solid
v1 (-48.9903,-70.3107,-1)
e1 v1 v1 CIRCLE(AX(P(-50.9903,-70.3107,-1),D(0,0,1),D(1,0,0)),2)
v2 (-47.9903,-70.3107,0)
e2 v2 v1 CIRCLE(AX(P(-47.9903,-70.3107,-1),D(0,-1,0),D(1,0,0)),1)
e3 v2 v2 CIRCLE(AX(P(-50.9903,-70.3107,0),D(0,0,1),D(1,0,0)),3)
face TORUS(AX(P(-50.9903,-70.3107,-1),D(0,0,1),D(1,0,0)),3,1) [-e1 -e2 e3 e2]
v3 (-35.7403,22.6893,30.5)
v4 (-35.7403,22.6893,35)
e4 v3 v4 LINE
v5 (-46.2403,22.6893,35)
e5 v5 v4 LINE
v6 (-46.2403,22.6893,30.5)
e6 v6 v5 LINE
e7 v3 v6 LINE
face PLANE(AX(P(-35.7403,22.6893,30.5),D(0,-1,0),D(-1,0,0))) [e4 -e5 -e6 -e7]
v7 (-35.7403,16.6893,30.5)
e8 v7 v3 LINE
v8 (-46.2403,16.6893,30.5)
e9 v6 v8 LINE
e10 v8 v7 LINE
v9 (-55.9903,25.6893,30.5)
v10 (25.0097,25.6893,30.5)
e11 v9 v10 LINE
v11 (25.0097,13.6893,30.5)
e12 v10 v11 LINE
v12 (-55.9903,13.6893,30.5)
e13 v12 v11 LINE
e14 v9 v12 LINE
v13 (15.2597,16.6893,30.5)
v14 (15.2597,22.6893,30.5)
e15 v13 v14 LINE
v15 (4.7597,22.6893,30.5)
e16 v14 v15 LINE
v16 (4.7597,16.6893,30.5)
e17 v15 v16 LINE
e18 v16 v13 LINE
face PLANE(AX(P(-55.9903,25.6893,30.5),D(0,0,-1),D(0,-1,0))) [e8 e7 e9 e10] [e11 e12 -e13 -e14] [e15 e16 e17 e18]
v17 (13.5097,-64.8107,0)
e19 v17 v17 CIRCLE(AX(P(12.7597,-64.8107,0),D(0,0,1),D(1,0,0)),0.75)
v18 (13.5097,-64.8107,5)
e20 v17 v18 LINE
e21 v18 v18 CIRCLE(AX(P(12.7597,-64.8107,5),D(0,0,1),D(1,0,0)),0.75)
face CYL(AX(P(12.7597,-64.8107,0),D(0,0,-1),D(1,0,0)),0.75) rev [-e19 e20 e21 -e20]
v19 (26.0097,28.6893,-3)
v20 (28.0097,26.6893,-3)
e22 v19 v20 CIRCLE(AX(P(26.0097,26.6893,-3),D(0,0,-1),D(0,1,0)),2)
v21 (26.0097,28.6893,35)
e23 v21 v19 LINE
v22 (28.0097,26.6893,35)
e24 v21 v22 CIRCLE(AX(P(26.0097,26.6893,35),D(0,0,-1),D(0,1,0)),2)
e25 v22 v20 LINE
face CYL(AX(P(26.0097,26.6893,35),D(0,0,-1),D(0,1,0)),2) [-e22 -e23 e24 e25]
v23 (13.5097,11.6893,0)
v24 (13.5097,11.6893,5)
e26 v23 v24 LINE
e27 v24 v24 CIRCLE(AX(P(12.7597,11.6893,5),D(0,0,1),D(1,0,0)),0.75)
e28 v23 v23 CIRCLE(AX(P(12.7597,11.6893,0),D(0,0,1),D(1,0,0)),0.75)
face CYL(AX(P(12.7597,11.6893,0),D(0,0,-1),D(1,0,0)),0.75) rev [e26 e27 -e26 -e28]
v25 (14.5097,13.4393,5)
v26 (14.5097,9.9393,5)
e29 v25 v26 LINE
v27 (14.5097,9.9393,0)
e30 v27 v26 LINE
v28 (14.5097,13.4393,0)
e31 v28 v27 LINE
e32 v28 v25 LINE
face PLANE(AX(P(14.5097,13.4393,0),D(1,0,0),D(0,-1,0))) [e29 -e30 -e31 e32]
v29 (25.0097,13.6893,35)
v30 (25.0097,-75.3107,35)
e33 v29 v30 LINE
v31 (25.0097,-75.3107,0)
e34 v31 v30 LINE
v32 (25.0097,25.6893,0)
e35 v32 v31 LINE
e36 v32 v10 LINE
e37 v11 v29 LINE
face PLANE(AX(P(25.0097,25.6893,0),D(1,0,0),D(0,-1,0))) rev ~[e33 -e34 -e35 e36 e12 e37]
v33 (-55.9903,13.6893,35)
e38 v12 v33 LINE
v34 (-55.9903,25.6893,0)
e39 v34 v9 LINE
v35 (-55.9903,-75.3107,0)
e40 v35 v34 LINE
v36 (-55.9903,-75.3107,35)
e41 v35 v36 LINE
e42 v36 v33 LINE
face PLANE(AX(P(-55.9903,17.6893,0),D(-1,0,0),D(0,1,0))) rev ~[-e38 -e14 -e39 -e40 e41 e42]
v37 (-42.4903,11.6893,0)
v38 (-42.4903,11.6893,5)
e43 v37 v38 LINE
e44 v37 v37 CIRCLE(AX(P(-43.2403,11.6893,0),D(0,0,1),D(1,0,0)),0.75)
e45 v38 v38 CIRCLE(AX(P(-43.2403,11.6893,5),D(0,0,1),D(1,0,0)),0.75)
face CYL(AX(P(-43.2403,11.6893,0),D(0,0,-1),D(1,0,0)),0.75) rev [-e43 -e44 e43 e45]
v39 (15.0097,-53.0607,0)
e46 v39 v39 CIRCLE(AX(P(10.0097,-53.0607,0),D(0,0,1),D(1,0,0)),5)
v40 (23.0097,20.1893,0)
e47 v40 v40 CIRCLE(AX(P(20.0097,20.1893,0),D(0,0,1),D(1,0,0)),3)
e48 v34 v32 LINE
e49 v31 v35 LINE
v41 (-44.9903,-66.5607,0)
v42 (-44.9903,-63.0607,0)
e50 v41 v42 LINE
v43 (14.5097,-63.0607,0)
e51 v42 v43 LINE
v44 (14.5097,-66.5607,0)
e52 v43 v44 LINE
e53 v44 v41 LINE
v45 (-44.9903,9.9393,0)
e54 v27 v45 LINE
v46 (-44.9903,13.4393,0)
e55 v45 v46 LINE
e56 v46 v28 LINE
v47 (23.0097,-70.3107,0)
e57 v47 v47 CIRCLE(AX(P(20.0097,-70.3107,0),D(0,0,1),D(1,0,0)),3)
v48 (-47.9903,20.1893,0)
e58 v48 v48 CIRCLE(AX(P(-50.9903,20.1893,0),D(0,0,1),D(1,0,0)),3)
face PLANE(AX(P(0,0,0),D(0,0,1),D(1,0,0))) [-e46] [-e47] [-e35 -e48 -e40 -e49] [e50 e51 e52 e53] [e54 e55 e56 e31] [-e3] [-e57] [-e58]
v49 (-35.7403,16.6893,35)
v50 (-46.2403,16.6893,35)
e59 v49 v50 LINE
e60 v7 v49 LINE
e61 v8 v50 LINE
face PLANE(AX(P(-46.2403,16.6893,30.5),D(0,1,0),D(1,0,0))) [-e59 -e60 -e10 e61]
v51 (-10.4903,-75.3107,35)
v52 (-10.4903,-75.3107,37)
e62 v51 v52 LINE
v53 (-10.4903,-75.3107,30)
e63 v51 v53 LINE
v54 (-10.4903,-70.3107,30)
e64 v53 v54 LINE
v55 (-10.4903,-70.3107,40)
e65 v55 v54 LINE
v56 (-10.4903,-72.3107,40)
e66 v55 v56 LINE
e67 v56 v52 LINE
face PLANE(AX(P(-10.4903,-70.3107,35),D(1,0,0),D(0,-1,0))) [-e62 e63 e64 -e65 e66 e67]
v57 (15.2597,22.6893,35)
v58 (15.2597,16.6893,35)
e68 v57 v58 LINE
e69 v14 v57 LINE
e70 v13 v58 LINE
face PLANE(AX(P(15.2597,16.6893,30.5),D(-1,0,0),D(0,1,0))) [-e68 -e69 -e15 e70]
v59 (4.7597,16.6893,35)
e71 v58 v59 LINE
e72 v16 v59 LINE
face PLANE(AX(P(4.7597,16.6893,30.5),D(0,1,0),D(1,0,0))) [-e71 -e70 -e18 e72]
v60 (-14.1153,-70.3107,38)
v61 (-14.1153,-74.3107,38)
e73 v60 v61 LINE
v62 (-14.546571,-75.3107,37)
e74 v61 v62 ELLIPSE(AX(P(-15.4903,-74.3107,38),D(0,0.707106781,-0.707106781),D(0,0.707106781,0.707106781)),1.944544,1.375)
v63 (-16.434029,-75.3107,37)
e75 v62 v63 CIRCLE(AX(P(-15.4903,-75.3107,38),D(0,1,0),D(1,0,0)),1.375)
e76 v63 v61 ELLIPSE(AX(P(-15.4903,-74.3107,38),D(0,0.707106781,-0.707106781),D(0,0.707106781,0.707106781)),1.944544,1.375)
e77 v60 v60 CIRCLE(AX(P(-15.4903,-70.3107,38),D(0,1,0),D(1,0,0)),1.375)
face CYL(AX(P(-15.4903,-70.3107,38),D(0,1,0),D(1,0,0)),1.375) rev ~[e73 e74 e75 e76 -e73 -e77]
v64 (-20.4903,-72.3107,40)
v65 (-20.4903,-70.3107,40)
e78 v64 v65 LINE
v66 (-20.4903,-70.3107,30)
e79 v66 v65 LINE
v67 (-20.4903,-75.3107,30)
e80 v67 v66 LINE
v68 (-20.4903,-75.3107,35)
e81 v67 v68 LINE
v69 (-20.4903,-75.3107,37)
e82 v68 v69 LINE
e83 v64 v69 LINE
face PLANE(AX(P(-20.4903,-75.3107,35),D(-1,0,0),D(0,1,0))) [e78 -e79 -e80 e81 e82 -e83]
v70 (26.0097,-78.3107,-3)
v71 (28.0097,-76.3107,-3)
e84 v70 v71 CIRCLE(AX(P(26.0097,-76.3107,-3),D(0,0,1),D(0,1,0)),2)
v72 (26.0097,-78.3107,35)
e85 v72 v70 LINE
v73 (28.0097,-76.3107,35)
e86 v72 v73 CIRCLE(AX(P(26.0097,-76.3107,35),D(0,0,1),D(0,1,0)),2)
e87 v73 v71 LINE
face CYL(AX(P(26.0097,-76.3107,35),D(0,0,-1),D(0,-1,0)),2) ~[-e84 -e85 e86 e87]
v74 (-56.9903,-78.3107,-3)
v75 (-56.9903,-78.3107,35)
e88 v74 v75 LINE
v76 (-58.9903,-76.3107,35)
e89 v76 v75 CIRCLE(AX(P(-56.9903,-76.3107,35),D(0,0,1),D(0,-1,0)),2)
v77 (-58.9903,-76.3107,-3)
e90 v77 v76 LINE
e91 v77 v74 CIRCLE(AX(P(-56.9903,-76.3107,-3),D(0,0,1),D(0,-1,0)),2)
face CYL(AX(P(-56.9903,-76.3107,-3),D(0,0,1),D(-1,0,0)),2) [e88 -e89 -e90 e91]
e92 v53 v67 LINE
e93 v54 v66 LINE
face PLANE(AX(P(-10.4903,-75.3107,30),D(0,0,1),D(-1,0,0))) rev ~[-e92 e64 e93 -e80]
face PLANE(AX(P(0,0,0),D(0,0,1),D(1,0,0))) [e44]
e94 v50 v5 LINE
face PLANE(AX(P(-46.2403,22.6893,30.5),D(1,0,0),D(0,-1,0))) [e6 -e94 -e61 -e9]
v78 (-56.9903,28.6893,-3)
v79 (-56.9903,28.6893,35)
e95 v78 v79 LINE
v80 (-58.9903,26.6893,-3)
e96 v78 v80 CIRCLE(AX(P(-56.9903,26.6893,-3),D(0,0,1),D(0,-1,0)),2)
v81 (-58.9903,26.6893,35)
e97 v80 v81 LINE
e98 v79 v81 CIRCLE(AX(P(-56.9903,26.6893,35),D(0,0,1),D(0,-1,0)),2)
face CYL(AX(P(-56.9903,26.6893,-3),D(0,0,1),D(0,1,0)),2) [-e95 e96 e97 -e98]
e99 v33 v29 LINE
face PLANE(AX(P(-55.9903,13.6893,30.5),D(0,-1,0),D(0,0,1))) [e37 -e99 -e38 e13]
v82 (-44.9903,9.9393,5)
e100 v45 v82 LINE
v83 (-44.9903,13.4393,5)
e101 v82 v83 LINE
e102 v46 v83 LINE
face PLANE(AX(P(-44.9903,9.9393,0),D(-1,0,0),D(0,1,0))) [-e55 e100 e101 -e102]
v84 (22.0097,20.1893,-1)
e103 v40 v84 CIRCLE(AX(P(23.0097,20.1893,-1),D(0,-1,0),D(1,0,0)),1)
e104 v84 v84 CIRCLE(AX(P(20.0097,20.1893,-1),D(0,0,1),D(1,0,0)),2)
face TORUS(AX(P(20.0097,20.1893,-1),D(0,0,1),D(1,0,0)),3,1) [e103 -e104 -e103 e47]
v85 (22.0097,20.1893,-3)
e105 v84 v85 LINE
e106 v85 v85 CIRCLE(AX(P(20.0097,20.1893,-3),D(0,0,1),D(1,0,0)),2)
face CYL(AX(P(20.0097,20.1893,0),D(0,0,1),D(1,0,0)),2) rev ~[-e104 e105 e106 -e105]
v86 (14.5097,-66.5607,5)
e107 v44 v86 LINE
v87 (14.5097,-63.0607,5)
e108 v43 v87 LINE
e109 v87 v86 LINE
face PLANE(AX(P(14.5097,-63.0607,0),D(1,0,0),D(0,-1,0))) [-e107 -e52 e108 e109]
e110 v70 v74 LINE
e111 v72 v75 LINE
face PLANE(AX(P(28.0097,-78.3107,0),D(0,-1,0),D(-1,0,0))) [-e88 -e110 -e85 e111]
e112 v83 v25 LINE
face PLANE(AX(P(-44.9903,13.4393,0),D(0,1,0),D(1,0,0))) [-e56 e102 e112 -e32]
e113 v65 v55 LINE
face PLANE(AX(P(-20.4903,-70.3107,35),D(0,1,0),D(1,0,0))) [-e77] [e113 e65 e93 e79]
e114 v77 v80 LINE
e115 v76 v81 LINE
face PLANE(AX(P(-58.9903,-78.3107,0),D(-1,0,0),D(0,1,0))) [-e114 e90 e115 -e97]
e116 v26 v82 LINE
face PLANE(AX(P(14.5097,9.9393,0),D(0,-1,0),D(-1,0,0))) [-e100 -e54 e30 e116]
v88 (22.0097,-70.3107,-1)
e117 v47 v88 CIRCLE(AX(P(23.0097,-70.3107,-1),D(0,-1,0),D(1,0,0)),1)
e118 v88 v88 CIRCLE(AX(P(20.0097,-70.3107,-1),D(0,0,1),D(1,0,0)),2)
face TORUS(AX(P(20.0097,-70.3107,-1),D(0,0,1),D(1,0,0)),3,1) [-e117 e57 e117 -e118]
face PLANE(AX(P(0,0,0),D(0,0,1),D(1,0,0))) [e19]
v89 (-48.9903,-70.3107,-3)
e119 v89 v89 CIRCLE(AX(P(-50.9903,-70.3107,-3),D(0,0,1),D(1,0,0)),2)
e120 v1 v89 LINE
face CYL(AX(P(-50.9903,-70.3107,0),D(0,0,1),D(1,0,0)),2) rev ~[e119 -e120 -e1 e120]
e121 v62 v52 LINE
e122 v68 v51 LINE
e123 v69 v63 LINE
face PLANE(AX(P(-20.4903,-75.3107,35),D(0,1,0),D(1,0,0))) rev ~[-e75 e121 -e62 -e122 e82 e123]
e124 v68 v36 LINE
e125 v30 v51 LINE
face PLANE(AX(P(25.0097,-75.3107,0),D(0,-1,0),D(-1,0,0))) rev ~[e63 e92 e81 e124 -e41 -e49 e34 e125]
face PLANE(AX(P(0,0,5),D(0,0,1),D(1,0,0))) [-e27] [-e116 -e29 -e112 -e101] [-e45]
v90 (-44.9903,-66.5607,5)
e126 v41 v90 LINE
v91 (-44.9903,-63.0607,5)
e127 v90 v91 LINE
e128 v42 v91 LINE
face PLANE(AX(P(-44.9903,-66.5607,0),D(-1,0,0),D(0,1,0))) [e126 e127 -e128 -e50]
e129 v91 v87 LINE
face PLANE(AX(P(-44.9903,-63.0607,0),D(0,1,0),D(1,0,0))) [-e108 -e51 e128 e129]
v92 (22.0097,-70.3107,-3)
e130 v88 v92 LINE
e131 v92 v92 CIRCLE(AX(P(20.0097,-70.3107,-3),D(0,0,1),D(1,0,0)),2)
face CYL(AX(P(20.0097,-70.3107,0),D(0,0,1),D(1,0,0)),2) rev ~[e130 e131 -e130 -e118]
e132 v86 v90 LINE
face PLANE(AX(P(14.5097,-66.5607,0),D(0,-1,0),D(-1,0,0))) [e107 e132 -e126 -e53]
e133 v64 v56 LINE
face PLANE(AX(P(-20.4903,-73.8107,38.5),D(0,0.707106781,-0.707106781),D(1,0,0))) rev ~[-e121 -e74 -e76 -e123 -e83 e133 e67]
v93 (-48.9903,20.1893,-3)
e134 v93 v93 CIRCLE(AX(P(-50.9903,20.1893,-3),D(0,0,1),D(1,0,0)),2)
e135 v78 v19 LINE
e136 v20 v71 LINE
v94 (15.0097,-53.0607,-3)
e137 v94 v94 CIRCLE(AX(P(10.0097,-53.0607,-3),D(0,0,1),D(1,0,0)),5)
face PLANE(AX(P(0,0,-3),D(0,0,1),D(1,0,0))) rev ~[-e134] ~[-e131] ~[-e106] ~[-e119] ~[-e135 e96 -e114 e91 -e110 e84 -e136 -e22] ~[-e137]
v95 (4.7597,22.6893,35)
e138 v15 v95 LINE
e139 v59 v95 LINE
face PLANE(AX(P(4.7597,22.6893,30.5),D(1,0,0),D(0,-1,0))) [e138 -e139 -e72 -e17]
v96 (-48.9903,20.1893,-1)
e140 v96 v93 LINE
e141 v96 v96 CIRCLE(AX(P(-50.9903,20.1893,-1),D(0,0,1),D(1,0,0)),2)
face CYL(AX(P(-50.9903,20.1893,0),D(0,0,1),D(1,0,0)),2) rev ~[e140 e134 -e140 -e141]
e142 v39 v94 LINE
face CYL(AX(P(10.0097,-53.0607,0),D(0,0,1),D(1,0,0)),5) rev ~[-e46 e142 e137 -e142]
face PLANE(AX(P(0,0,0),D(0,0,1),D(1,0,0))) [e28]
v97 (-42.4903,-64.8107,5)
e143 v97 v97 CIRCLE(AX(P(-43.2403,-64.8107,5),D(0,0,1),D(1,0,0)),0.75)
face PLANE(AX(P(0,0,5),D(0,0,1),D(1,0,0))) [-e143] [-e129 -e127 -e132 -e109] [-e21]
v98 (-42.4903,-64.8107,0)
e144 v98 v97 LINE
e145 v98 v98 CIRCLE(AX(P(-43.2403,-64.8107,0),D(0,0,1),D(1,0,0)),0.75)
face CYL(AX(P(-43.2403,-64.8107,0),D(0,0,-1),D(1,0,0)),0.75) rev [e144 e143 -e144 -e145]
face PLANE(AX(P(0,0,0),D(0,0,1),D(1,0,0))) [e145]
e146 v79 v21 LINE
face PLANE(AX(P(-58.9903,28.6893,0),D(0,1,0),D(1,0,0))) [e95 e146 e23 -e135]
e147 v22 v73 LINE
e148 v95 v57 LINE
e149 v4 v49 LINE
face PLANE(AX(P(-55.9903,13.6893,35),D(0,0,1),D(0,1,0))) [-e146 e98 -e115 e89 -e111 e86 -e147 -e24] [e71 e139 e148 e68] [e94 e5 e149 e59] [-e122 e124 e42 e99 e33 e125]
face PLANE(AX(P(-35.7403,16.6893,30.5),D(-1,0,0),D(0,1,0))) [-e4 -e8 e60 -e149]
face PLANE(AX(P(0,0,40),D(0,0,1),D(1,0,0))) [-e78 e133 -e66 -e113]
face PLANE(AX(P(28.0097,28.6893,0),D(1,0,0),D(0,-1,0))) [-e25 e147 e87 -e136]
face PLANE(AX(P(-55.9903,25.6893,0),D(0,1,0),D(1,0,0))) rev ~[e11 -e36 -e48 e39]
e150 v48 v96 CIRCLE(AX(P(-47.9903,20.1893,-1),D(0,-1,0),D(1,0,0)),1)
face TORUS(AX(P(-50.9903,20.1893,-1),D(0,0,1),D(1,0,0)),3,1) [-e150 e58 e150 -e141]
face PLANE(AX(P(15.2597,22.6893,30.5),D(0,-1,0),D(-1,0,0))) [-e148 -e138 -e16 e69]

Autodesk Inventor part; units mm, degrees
ref_plane "YZ Plane" through (0, 0, 0) normal (1, 0, 0) x (0, 1, 0)
ref_plane "XZ Plane" through (0, 0, 0) normal (0, 1, 0) x (-1, 0, 0)
ref_plane "XY Plane" through (0, 0, 0) normal (0, 0, 1) x (1, 0, 0)
sketch "Sketch1" plane through (0, 0, 0) normal (0, 0, 1) x (1, 0, 0)
  line L0 (25.0097, 21.6893) -> (25.0097, -75.3107)
  line L1 (-44.9903, 13.4393) -> (14.5097, 13.4393)
  line L2 (14.5097, 13.4393) -> (14.5097, -66.5607)
  line L3 (14.5097, -66.5607) -> (-44.9903, -66.5607)
  line L4 (-44.9903, -66.5607) -> (-44.9903, 13.4393)
  circle A0 centre (12.7597, 11.6893) radius 0.75
  circle A1 centre (-43.2403, 11.6893) radius 0.75
  circle A2 centre (-43.2403, -64.8107) radius 0.75
  circle A3 centre (12.7597, -64.8107) radius 0.75
  line L5 (-44.9903, 13.4393) -> (14.5097, 13.4393)
  line L6 (14.5097, 13.4393) -> (14.5097, 9.9393)
  line L7 (14.5097, 9.9393) -> (-44.9903, 9.9393)
  line L8 (-44.9903, 9.9393) -> (-44.9903, 13.4393)
  line L9 (14.5097, -66.5607) -> (-44.9903, -66.5607)
  line L10 (-44.9903, -66.5607) -> (-44.9903, -63.0607)
  line L11 (-44.9903, -63.0607) -> (14.5097, -63.0607)
  line L12 (14.5097, -63.0607) -> (14.5097, -66.5607)
  circle A4 centre (-50.9903, 20.1893) radius 2
  circle A5 centre (20.0097, 20.1893) radius 2
  circle A6 centre (20.0097, -70.3107) radius 2
  circle A7 centre (-50.9903, -70.3107) radius 2
  line L13 (-55.9903, 25.6893) -> (25.0097, 25.6893)
  line L14 (25.0097, 25.6893) -> (25.0097, -75.3107)
  line L15 (25.0097, -75.3107) -> (-55.9903, -75.3107)
  line L16 (-55.9903, -75.3107) -> (-55.9903, 25.6893)
  line L17 (-55.9903, 10.6893) -> (-55.9903, 17.6893)
  line L18 (25.0097, 10.1893) -> (25.0097, 17.1893)
  line L19 (-58.9903, 28.6893) -> (28.0097, 28.6893)
  line L20 (28.0097, 28.6893) -> (28.0097, -78.3107)
  line L21 (28.0097, -78.3107) -> (-58.9903, -78.3107)
  line L22 (-58.9903, -78.3107) -> (-58.9903, 28.6893)
  point P0 (0, 0)
  point P1 (-14.9903, -76.5607)
  point P2 (-44.9903, 9.9393)
  point P3 (14.5097, 9.9393)
  point P4 (14.5097, -63.0607)
  point P5 (-44.9903, -63.0607)
  dimension "d4" = 10
  dimension "d5" = 10.5
  dimension "d6" = 1.5
  dimension "d7" = 1.5
  dimension "d8" = 1.5
  dimension "d9" = 1.5
  dimension "d11" = 1.75
  dimension "d12" = 1.75
  dimension "d13" = 1.75
  dimension "d14" = 1.75
  dimension "d15" = 1.75
  dimension "d16" = 1.75
  dimension "d17" = 1.75
  dimension "d18" = 1.75
  dimension "d20" = 0
  dimension "d21" = 0
  dimension "d22" = 3.5
  dimension "d24" = 0
  dimension "d25" = 3.5
  dimension "d26" = 0
  dimension "d39" = 4
  dimension "d42" = 4
  dimension "d43" = 4
  dimension "d44" = 4
  dimension "d46" = 5
  dimension "d47" = 5
  dimension "d70" = 81
  dimension "d71" = 101
  dimension "d75" = 5.5
  dimension "d111" = 87
  dimension "d112" = 107
  dimension "d113" = 3
  dimension "d114" = 3
  dimension "d115" = 5
  dimension "d116" = 5
  dimension "d117" = 5
  dimension "d125" = 3
  dimension "d126" = 5
  dimension "d127" = 5.5
  dimension "d128" = 11
  dimension "d129" = 3
extrude "Extrusion5" add sketch "Sketch1" against normal blind 3 contours L0 L15 L16 L13 L14 | L1 L2 L7 L4 | L7 L2 L11 L4 | L11 L2 L3 L4 | A0 | A1 | A2 | A3 | A4 | A5 | A6 | A7 | L19 L20 L21 L22
extrude "Extrusion7" add sketch "Sketch1" along normal blind 5 contours L1 L2 L7 L4 | L11 L2 L3 L4
extrude "Extrusion11" cut sketch "Sketch1" against normal blind 200 contours A4 | A5 | A6 | A7
fillet "Fillet3" radius 1 4 edges at (-52.9903, 20.1893, 0) (18.0097, 20.1893, 0) (18.0097, -70.3107, 0) (-52.9903, -70.3107, 0)
extrude "Extrusion17" add sketch "Sketch1" along normal blind 35 contours L19 L20 L21 L22
sketch "Sketch9" plane through (-55.9903, -75.3107, 0) normal (1, 0, 0) x (0, 0, -1)
  line L0 (-35, 0) -> (-35, 101) projected
  line L1 (-35, 101) -> (-30.5, 101)
  line L2 (-30.5, 101) -> (-30.5, 89)
  line L3 (-30.5, 89) -> (-35, 89)
  line L4 (-35, 89) -> (-35, 101)
  point P0 (0, 75.3107)
  point P1 (-35, 89)
  dimension "d120" = 4.5
  dimension "d121" = 12
extrude "Extrusion18" add sketch "Sketch9" along normal blind 81
fillet "Fillet4" radius 2 4 edges at (-58.9903, 28.6893, 16) (28.0097, 28.6893, 16) (28.0097, -78.3107, 16) (-58.9903, -78.3107, 16)
sketch "Sketch11" plane through (-55.9903, 13.6893, 30.5) normal (0, 0, -1) x (-1, 0, 0)
  line L0 (-71.25, 9) -> (-60.75, 9)
  line L1 (-60.75, 9) -> (-60.75, 3)
  line L2 (-60.75, 3) -> (-71.25, 3)
  line L3 (-71.25, 3) -> (-71.25, 9)
  line L4 (-81, 0) -> (-81, 12) projected
  line L5 (-81, 12) -> (0, 12) projected
  line L6 (0, 12) -> (0, 0) projected
  line L7 (-20.25, 9) -> (-9.75, 9)
  line L8 (-9.75, 9) -> (-9.75, 3)
  line L9 (-9.75, 3) -> (-20.25, 3)
  line L10 (-20.25, 3) -> (-20.25, 9)
  point P0 (-55.9903, -13.6893)
  dimension "d130" = 6
  dimension "d131" = 9.75
  dimension "d132" = 10.5
  dimension "d133" = 3
  dimension "d137" = 9.75
  dimension "d138" = 10.5
  dimension "d139" = 6
  dimension "d140" = 3
extrude "Extrusion19" cut sketch "Sketch11" against normal blind 5
sketch "Sketch12" plane through (-55.9903, -75.3107, 0) normal (0, 1, 0) x (1, 0, 0)
  line L0 (35.5, -35) -> (45.5, -35)
  line L1 (45.5, -35) -> (45.5, -30)
  line L2 (45.5, -30) -> (35.5, -30)
  line L3 (35.5, -30) -> (35.5, -35)
  line L4 (0, 0) -> (0, -35) projected
  line L5 (81, -35) -> (0, -35) projected
  line L6 (81, 0) -> (81, -35) projected
  point P0 (55.9903, 0)
  dimension "d143" = 35.5
  dimension "d144" = 0
  dimension "d146" = 5
  dimension "d147" = 10
  dimension "d148" = 35.5
extrude "Extrusion20" add sketch "Sketch12" along normal blind 5
sketch "Sketch13" plane through (0, 0, 35) normal (0, 0, 1) x (1, 0, 0)
  line L0 (-20.4903, -70.3107) -> (-10.4903, -70.3107) projected
  line L1 (-20.4903, -75.3107) -> (-10.4903, -75.3107) projected
  line L2 (-20.4903, -70.3107) -> (-10.4903, -70.3107)
  line L3 (-10.4903, -70.3107) -> (-10.4903, -75.3107)
  line L4 (-10.4903, -75.3107) -> (-20.4903, -75.3107)
  line L5 (-20.4903, -75.3107) -> (-20.4903, -70.3107)
  point P0 (0, 0)
extrude "Extrusion21" add sketch "Sketch13" along normal blind 5
chamfer "Chamfer3" distance 3 angle 45 1 edges at (-15.4903, -75.3107, 40)
sketch "Sketch14" plane through (-55.9903, -70.3107, 0) normal (0, 1, 0) x (1, 0, 0)
  circle A0 centre (40.5, -38) radius 1.375
  line L0 (45.5, -30) -> (45.5, -40) projected
  line L1 (35.5, -30) -> (35.5, -40) projected
  line L2 (45.5, -30) -> (35.5, -30) projected
  line L3 (45.5, -40) -> (35.5, -40) projected
  point P0 (55.9903, 0)
  point P1 (40.5, -30)
  point P2 (40.5, -40)
  dimension "d156" = 2.75
  dimension "d157" = 5
  dimension "d158" = 5
  dimension "d159" = 8
  dimension "d160" = 2
extrude "Extrusion22" cut sketch "Sketch14" against normal blind 5 contours A0
sketch "Sketch15" plane through (0, 0, 0) normal (0, 0, 1) x (1, 0, 0)
  circle A0 centre (10.0097, -53.0607) radius 5
  line L0 (25.0097, 13.6893) -> (25.0097, -75.3107) projected
  line L1 (14.5097, -63.0607) -> (-44.9903, -63.0607) projected
  point P0 (0, 0)
  dimension "d163" = 15
  dimension "d164" = 10
  dimension "d165" = 10
extrude "Extrusion23" cut sketch "Sketch15" against normal blind 5
properties part number "Backboard deel 1"
